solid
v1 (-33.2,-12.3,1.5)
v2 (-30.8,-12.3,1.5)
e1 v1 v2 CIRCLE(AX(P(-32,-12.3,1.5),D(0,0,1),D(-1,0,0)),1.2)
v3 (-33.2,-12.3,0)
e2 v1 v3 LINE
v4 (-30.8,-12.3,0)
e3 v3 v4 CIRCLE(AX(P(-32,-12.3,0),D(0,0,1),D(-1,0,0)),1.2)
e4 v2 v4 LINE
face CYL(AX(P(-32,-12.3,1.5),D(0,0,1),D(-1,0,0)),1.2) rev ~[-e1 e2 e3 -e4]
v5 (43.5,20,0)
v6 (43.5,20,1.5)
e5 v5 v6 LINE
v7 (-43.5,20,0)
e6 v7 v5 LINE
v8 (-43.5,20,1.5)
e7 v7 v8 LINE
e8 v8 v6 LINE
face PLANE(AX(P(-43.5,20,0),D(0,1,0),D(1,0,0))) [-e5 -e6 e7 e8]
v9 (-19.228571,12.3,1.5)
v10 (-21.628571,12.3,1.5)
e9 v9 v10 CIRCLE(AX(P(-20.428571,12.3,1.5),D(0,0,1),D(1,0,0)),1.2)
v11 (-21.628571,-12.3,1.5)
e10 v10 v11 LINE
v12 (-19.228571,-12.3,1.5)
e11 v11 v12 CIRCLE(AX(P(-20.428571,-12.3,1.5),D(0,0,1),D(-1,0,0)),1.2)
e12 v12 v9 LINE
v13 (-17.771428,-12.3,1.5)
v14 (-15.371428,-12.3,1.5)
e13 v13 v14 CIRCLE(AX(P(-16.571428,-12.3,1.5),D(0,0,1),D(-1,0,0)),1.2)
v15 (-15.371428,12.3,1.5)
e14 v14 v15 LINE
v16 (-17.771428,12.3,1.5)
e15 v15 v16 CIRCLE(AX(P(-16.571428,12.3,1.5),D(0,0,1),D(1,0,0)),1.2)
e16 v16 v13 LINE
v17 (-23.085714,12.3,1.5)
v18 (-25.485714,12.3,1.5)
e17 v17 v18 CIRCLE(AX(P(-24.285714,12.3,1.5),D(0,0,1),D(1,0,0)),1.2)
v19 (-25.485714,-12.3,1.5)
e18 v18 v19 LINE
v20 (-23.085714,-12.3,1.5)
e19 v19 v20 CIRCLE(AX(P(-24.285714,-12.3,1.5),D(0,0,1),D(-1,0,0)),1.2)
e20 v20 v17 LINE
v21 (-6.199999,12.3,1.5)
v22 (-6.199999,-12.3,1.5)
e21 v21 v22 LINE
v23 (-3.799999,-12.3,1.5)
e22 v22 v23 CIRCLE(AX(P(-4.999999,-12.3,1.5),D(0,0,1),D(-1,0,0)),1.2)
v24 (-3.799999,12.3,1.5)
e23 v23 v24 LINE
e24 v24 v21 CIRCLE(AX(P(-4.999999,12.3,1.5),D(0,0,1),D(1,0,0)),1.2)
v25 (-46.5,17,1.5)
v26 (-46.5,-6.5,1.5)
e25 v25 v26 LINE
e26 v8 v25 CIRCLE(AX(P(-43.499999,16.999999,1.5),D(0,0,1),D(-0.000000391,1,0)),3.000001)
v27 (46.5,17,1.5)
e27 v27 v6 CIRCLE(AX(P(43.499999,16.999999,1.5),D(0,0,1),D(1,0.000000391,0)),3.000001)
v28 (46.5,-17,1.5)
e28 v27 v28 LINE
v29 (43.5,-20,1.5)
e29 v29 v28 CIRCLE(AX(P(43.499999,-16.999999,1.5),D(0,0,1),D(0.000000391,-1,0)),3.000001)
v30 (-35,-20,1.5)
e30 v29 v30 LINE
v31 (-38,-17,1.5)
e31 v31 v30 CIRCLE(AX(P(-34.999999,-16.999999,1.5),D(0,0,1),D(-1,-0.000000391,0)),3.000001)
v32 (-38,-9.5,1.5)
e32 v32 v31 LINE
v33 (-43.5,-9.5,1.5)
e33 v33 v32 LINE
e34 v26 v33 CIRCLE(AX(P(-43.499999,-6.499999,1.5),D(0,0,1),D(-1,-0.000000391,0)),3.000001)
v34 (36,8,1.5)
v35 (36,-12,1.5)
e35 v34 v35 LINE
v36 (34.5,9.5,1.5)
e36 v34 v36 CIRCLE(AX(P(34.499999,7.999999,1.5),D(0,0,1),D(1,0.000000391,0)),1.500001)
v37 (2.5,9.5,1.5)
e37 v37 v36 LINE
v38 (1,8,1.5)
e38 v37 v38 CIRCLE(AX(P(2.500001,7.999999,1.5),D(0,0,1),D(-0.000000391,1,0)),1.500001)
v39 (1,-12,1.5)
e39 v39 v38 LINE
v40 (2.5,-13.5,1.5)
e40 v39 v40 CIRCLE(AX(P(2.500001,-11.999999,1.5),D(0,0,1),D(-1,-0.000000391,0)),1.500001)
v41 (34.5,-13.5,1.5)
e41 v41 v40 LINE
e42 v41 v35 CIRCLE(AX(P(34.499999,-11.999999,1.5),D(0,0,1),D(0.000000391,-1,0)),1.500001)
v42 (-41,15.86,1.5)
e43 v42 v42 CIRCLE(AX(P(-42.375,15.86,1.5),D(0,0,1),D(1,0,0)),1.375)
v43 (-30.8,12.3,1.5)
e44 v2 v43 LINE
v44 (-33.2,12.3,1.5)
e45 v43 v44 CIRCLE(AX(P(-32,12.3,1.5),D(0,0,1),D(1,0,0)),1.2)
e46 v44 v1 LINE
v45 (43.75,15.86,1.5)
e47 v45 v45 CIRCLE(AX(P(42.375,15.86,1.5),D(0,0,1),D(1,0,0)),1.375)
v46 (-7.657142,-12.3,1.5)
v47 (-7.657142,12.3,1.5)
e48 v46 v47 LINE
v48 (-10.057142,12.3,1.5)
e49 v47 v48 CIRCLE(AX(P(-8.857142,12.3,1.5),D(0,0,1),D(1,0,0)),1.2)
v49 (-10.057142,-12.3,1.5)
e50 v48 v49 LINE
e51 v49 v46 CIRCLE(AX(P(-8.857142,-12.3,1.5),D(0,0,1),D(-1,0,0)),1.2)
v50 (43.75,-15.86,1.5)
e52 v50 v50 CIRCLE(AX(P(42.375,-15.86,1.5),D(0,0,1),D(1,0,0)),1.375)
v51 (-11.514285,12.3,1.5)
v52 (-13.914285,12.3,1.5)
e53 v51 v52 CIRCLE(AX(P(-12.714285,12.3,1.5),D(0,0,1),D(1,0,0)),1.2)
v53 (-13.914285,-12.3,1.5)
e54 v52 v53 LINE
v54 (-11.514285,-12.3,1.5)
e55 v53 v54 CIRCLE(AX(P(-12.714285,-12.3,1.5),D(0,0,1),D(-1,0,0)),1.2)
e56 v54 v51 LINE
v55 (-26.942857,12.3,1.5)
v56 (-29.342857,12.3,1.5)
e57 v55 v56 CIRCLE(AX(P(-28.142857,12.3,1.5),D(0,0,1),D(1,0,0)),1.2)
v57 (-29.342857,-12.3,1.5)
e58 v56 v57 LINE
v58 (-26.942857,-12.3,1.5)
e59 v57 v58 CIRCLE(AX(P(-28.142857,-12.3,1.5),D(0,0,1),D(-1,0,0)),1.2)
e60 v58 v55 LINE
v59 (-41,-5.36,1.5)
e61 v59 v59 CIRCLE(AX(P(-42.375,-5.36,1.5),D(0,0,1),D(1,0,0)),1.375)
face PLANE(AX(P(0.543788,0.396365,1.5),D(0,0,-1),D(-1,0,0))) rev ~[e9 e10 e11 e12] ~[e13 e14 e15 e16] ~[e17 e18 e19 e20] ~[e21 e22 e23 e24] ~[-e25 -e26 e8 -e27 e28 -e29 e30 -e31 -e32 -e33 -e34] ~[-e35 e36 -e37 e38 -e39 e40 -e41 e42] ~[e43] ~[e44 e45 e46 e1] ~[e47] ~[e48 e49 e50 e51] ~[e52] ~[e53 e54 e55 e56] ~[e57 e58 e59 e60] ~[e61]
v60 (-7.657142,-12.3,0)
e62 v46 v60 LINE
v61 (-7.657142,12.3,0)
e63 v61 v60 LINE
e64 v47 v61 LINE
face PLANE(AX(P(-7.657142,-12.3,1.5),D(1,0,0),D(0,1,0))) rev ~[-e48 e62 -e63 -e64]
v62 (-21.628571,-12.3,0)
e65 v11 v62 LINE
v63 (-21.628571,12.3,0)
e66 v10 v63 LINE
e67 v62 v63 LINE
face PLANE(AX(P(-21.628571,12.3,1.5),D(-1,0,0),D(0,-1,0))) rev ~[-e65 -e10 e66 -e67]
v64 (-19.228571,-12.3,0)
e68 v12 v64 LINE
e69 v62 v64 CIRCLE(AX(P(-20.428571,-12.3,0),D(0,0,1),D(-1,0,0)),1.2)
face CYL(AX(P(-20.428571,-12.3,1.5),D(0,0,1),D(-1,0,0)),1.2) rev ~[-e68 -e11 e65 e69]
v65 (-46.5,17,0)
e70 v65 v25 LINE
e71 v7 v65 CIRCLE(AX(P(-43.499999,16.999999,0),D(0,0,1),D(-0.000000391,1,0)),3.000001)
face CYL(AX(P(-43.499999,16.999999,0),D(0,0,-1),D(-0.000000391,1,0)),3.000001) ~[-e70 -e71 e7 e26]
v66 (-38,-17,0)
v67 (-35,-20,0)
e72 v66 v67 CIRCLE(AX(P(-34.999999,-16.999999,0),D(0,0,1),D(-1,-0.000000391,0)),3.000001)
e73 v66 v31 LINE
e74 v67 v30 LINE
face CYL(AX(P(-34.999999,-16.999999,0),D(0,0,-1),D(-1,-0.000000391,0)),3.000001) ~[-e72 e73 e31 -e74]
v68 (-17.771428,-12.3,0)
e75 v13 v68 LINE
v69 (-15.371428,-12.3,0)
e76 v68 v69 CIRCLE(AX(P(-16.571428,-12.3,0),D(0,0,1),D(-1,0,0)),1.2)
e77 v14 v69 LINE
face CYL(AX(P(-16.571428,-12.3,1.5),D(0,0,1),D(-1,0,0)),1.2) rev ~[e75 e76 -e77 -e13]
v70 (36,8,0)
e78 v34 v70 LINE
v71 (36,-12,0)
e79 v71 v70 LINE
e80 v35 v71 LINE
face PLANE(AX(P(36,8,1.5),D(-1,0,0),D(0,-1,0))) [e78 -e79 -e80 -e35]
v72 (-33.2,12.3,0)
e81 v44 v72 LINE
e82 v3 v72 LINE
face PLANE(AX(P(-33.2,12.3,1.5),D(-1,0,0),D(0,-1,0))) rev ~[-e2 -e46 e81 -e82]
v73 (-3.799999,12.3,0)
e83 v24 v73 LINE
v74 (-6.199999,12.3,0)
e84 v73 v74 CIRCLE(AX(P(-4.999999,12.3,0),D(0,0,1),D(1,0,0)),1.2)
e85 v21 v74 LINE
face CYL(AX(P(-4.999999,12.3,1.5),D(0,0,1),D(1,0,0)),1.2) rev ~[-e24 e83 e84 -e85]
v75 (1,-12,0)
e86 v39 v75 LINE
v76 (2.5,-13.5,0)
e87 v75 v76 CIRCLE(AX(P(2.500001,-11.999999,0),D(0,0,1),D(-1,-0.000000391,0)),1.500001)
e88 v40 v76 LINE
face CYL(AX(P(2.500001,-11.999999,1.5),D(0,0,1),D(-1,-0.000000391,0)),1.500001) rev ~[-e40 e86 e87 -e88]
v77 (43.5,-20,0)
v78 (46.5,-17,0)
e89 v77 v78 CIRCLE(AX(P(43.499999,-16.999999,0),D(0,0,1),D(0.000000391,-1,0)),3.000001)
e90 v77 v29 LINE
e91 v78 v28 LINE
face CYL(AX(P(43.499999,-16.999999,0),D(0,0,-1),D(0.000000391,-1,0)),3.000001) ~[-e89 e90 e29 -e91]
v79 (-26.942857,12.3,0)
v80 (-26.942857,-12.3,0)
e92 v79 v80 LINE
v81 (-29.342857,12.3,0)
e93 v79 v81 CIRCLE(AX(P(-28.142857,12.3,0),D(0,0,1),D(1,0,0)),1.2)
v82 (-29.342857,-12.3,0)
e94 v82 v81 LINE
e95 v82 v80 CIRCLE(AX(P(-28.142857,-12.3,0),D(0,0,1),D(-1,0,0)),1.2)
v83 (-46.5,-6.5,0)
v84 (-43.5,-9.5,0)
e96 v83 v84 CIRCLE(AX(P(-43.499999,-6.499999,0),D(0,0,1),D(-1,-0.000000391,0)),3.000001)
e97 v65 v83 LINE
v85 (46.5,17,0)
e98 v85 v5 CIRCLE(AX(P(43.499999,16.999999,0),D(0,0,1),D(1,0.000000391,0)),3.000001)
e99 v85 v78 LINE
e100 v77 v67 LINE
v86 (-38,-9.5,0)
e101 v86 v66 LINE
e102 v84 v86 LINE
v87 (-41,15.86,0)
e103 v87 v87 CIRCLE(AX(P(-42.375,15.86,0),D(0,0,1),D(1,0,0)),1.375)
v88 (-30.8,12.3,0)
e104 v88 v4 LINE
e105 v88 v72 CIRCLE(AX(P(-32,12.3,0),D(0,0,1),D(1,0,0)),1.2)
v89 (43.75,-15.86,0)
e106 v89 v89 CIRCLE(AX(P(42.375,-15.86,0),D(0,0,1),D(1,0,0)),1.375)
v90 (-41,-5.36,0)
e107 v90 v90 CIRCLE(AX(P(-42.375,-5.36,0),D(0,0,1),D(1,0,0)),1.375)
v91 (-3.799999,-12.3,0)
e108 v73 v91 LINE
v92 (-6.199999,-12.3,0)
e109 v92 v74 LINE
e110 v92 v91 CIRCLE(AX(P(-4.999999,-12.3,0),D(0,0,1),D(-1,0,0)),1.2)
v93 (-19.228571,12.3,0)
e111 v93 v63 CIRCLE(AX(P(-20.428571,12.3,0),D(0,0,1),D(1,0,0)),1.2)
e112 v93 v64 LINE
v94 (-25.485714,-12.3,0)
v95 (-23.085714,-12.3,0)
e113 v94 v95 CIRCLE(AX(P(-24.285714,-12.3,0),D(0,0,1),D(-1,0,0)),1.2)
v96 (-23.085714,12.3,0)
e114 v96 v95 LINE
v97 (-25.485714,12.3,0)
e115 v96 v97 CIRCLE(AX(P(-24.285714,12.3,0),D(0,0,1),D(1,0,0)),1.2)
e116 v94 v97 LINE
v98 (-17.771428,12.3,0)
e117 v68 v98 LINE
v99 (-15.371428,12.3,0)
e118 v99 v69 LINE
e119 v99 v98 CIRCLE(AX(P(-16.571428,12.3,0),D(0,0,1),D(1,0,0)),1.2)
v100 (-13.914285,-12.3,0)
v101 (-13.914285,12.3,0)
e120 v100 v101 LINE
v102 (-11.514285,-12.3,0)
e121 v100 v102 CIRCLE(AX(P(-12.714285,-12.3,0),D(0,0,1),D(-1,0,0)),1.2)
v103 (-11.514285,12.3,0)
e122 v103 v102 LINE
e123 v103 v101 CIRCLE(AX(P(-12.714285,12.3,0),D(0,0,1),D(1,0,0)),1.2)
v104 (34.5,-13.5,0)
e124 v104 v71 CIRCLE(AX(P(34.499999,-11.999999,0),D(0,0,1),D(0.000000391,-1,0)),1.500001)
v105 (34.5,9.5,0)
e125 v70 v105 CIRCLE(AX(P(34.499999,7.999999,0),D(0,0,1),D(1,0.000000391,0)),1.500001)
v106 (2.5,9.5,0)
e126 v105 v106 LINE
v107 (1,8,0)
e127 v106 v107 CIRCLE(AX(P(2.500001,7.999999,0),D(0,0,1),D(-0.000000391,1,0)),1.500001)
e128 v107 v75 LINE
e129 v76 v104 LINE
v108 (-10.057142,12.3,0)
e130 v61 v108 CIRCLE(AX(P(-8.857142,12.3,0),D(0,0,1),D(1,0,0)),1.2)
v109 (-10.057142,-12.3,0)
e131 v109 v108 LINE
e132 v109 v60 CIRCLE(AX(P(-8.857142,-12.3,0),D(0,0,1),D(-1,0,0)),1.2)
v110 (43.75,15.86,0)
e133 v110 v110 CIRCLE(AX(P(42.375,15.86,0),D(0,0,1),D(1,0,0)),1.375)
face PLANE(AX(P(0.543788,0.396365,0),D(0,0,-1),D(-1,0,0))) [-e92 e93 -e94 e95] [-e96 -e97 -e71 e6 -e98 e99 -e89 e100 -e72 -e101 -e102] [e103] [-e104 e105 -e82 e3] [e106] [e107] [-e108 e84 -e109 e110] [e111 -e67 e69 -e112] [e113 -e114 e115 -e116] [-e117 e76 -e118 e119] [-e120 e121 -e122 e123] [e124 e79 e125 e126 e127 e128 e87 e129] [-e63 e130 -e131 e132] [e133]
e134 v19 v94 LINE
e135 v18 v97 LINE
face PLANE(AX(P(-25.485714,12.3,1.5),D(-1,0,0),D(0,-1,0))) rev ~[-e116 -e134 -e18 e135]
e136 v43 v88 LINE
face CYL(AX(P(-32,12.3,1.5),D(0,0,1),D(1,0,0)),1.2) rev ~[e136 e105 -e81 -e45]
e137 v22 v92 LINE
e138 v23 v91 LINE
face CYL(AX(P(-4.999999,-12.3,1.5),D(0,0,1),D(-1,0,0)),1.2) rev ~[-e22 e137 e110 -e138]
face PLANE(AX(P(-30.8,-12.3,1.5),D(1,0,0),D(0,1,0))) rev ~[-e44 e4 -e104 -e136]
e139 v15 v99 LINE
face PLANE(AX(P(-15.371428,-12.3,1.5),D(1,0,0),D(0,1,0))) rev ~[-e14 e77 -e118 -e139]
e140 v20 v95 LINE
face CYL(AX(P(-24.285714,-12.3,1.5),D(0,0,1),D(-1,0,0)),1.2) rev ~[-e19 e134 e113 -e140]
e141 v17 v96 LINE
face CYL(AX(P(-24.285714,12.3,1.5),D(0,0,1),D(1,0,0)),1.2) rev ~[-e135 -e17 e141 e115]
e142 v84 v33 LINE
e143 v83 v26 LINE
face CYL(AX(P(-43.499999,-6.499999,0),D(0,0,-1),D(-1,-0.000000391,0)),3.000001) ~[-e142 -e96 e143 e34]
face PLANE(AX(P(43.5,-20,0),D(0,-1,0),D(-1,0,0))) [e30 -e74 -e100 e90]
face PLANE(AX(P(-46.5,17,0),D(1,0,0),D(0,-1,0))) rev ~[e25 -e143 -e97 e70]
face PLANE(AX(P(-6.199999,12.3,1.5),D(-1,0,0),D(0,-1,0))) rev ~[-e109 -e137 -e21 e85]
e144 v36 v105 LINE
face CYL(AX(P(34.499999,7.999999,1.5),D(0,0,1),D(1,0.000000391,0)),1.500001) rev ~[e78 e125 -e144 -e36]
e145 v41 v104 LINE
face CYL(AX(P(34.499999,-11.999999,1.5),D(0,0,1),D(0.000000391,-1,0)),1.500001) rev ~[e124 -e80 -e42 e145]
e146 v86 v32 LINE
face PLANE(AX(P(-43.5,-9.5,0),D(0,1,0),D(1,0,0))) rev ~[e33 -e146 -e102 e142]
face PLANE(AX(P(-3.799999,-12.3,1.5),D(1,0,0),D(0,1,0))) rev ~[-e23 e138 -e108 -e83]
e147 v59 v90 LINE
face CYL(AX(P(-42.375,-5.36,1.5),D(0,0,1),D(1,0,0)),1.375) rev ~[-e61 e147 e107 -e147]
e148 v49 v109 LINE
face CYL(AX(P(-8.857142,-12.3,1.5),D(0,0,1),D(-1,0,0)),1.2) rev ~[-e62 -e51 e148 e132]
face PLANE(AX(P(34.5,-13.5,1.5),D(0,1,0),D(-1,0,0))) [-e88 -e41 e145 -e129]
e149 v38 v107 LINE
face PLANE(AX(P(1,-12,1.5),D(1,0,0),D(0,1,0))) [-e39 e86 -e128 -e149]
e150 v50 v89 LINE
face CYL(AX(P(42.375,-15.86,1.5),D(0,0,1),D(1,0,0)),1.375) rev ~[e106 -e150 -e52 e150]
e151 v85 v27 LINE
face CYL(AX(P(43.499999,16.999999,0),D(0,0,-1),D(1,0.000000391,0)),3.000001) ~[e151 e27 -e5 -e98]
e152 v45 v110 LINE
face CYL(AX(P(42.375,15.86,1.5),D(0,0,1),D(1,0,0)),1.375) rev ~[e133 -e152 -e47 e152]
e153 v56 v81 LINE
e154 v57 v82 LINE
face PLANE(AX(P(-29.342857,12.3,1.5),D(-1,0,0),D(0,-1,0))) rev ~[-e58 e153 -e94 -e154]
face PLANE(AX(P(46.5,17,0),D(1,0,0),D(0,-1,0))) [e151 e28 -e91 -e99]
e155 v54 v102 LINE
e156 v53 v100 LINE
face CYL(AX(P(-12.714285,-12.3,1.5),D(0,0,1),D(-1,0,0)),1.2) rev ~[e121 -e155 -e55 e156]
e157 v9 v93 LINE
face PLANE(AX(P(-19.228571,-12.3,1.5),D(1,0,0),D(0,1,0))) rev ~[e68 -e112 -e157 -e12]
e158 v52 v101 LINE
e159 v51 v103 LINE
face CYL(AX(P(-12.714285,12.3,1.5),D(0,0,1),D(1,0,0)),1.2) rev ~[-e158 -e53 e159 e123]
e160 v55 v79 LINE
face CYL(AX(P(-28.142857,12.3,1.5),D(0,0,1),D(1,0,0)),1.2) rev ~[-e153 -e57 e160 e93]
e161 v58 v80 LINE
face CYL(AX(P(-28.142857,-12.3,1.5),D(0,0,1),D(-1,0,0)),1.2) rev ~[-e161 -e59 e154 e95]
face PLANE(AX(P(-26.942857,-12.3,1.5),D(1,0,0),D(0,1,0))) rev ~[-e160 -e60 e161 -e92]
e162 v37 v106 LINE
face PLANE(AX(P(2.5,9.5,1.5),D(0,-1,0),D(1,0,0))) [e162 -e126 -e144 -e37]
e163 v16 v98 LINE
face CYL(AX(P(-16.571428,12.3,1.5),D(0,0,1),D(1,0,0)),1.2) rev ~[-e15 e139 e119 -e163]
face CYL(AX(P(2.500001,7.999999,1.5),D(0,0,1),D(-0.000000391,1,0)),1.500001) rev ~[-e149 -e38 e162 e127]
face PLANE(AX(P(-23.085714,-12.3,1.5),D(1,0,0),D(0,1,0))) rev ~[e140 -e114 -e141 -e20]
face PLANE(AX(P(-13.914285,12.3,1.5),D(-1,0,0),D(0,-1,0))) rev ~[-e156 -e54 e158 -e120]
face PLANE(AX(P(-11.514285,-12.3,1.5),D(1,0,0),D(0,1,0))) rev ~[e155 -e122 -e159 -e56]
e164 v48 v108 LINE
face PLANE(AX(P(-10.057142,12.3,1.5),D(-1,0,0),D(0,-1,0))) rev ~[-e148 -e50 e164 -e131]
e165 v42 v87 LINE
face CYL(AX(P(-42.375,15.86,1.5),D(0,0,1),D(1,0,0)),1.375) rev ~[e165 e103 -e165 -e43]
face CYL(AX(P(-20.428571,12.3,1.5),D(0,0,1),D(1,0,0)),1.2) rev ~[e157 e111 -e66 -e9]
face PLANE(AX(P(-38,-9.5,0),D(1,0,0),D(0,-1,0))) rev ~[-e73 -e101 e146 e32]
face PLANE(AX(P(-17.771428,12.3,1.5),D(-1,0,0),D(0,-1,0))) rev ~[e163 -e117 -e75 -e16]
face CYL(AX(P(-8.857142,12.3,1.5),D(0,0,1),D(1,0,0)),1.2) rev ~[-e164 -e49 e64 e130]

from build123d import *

# Parameters (mm, degrees)
PAD_DEPTH           = 1.5
POCKET_DEPTH        = 5
POCKET001_DEPTH     = 5
LINEARPATTERN_COUNT = 8
LINEARPATTERN_PITCH = 3.857143
SKETCH003_R         = 1.375
POCKET002_DEPTH     = 5


with BuildPart() as part:
    # Sketch → Pad (new body)
    with BuildSketch(Plane.XY):
        with BuildLine():
            Line((-43.5, 20), (43.5, 20))
            ThreePointArc((46.5, 17), (45.62132, 19.12132), (43.5, 20))
            Line((46.5, 17), (46.5, -17))
            ThreePointArc((43.5, -20), (45.62132, -19.12132), (46.5, -17))
            Line((43.5, -20), (-35, -20))
            ThreePointArc((-38, -17), (-37.12132, -19.12132), (-35, -20))
            Line((-38, -9.5), (-38, -17))
            Line((-43.5, -9.5), (-38, -9.5))
            ThreePointArc((-46.5, -6.5), (-45.62132, -8.62132), (-43.5, -9.5))
            Line((-46.5, 17), (-46.5, -6.5))
            ThreePointArc((-43.5, 20), (-45.62132, 19.12132), (-46.5, 17))
        make_face()
    extrude(amount=PAD_DEPTH)

    # Sketch001 (on Face13 of Pad) → Pocket (cut)
    with BuildSketch(Plane.XY.offset(1.5)):
        with BuildLine():
            Line((2.5, 9.5), (34.5, 9.5))
            ThreePointArc((36, 8), (35.56066, 9.06066), (34.5, 9.5))
            Line((36, 8), (36, -12))
            ThreePointArc((34.5, -13.5), (35.56066, -13.06066), (36, -12))
            Line((34.5, -13.5), (2.5, -13.5))
            ThreePointArc((1, -12), (1.43934, -13.06066), (2.5, -13.5))
            Line((1, -12), (1, 8))
            ThreePointArc((2.5, 9.5), (1.43934, 9.06066), (1, 8))
        make_face()
    extrude(amount=-POCKET_DEPTH, mode=Mode.SUBTRACT)

    # Sketch002 (on Face5 of Pocket) → Pocket001 (cut)
    with BuildSketch(Plane.XY.offset(1.5)):
        with BuildLine():
            ThreePointArc((-30.8, 12.3), (-32, 13.5), (-33.2, 12.3))
            Line((-33.2, 12.3), (-33.2, -12.3))
            ThreePointArc((-33.2, -12.3), (-32, -13.5), (-30.8, -12.3))
            Line((-30.8, -12.3), (-30.8, 12.3))
        make_face()
    pocket001 = extrude(amount=-POCKET001_DEPTH, mode=Mode.SUBTRACT)

    # LinearPattern: Pocket001 ×8
    with Locations(*[(i * LINEARPATTERN_PITCH, 0, 0) for i in range(1, LINEARPATTERN_COUNT)]):
        add(pocket001, mode=Mode.SUBTRACT)

    # Sketch003 (on Face5 of LinearPattern) → Pocket002 (cut)
    with BuildSketch(Plane.XY.offset(1.5)):
        with Locations((42.375, 15.86)):
            Circle(SKETCH003_R)
        with Locations((-42.375, 15.86)):
            Circle(SKETCH003_R)
        with Locations((42.375, -15.86)):
            Circle(SKETCH003_R)
        with Locations((-42.375, -5.36)):
            Circle(SKETCH003_R)
    extrude(amount=-POCKET002_DEPTH, mode=Mode.SUBTRACT)


solid = part.part
